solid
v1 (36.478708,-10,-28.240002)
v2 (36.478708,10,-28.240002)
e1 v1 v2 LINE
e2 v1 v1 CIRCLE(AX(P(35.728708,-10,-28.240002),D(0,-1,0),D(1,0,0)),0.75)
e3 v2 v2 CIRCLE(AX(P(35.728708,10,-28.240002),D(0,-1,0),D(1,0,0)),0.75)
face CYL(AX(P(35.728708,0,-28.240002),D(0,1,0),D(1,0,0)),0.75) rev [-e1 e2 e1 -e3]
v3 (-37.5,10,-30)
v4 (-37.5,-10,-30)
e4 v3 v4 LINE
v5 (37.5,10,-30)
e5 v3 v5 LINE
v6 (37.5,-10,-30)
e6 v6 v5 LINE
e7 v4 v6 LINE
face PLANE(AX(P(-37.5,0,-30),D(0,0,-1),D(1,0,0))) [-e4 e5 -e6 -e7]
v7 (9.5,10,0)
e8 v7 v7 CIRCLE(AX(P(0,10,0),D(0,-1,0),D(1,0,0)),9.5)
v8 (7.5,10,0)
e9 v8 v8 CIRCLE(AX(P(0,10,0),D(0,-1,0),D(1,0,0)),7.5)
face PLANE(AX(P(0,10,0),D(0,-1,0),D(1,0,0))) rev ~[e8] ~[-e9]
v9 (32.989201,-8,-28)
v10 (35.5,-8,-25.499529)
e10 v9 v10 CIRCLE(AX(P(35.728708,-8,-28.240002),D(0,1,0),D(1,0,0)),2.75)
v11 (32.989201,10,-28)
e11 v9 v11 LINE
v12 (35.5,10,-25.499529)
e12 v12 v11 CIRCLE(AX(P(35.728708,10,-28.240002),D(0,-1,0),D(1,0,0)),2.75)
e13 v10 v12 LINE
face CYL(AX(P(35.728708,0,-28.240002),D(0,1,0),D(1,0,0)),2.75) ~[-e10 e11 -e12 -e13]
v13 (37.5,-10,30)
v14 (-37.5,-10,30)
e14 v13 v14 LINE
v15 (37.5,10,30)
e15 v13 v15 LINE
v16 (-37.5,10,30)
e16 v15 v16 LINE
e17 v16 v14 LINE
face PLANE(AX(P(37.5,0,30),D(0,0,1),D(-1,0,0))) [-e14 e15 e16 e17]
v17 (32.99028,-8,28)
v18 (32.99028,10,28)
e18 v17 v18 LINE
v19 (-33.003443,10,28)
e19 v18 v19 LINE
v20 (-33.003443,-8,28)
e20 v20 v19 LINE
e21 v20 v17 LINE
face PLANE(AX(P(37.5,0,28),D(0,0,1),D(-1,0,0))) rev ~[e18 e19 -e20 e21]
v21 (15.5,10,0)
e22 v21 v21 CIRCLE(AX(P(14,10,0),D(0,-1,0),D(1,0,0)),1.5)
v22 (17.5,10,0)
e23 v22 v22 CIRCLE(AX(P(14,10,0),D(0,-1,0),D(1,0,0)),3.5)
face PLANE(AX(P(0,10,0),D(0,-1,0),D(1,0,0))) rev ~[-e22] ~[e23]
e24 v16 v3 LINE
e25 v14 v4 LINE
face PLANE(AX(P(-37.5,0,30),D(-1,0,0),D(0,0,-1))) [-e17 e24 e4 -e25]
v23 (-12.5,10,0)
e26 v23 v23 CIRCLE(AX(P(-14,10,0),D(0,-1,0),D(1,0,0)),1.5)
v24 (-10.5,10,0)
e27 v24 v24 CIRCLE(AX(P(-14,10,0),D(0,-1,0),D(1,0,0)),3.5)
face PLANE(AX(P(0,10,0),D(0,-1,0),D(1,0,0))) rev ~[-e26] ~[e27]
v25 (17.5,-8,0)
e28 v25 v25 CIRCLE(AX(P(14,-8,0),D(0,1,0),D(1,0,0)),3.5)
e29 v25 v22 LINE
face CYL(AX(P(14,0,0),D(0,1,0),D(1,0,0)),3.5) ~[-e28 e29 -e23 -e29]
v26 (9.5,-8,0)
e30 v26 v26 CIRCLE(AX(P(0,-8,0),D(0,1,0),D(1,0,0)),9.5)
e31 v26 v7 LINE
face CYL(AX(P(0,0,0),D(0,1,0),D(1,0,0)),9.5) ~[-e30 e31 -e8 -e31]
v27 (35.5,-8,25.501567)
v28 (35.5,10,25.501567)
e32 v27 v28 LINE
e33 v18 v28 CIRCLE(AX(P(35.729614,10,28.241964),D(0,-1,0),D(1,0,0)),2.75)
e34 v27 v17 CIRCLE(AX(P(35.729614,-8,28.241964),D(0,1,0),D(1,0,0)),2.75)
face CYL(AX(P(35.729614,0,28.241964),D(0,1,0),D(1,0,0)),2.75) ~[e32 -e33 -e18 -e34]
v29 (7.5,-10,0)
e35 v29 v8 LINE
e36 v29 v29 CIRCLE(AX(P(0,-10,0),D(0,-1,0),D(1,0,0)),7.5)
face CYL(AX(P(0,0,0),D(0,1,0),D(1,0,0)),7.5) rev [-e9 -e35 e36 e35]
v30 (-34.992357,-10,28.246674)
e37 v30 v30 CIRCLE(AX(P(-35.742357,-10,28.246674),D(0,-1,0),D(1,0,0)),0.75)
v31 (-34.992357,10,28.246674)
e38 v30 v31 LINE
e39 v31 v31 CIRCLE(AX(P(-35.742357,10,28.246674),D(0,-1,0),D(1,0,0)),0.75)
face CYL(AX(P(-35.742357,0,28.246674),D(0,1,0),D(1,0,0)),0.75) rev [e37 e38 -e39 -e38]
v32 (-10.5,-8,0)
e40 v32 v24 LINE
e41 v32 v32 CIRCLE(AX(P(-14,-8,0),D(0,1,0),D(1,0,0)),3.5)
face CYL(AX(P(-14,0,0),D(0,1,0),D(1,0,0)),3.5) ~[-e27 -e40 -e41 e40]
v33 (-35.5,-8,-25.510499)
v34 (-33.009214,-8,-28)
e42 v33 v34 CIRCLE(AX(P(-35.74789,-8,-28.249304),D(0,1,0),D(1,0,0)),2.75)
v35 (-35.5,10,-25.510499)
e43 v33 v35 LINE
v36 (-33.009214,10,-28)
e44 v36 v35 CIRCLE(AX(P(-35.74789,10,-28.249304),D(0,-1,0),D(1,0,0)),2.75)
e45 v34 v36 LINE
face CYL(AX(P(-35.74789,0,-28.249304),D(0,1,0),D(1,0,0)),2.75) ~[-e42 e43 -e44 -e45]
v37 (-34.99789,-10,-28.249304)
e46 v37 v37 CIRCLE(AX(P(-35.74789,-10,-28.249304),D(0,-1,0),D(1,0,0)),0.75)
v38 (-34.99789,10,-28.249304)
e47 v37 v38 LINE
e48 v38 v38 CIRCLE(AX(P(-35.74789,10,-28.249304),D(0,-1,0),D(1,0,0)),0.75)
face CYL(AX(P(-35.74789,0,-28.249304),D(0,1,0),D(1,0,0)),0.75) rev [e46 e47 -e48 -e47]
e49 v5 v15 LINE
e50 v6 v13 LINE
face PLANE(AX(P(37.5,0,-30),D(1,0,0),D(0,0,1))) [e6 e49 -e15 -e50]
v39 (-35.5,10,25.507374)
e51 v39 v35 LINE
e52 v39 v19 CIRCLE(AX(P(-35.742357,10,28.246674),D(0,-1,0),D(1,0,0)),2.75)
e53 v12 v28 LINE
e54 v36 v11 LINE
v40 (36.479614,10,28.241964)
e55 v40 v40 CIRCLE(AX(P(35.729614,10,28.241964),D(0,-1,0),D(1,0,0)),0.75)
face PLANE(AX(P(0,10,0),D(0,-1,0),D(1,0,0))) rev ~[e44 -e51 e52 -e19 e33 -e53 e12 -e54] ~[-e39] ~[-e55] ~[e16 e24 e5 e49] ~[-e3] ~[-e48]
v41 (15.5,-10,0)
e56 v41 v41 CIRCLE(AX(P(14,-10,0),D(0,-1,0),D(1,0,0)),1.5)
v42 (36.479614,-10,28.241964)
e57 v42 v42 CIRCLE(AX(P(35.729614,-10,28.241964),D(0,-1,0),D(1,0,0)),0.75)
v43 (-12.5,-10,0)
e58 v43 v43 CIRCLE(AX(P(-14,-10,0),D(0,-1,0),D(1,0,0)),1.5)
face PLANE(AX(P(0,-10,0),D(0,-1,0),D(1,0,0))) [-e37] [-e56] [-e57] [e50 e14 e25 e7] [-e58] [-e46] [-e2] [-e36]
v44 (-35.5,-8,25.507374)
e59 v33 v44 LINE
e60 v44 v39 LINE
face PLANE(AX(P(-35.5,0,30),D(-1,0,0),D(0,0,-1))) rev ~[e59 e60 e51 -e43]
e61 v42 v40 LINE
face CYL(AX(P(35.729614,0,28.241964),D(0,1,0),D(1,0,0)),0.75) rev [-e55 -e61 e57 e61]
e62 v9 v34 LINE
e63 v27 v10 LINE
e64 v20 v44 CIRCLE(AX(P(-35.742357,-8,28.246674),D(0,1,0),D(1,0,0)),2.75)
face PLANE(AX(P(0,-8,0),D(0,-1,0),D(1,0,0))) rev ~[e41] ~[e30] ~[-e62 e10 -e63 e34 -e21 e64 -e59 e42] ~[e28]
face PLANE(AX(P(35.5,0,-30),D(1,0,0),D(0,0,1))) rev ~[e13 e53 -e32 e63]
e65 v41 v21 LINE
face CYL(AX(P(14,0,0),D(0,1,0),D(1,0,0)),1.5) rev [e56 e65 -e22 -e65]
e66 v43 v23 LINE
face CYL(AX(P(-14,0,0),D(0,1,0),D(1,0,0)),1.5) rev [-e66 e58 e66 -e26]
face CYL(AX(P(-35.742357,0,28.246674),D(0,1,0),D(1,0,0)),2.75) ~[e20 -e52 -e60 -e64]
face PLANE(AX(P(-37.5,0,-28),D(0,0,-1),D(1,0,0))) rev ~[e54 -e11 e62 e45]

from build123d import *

# Parameters (mm, degrees)
F0_R     = 0.75
F0_R_2   = 1.5
F0_R_3   = 7.5
F1_DEPTH = 10
F2_T     = -2


with BuildPart() as f1:
    # F0 (on Front) → F1 (new body, symmetric)
    with BuildSketch(Plane.XZ):
        Polygon((37.5, 29), (37.5, 30), (-36.5, 30), (-37.5, 30), (-37.5, -29), (-37.5, -29.021632), (-37.5, -30), (37.488481, -30), (37.5, -30), align=None)
        with Locations((-35.74789, -28.249304)):
            Circle(F0_R, mode=Mode.SUBTRACT)
        with Locations((35.728708, -28.240002)):
            Circle(F0_R, mode=Mode.SUBTRACT)
        with Locations((-14, 0)):
            Circle(F0_R_2, mode=Mode.SUBTRACT)
        with Locations((-35.742357, 28.246674)):
            Circle(F0_R, mode=Mode.SUBTRACT)
        Circle(F0_R_3, mode=Mode.SUBTRACT)
        with Locations((14, 0)):
            Circle(F0_R_2, mode=Mode.SUBTRACT)
        with Locations((35.729614, 28.241964)):
            Circle(F0_R, mode=Mode.SUBTRACT)
    extrude(amount=F1_DEPTH, both=True)

    # F2
    f2_openings = [f1.faces().sort_by_distance(p)[0] for p in [
        (0, 10, 29.039531),
    ]]
    offset(amount=F2_T, openings=f2_openings)


solid = f1.part
